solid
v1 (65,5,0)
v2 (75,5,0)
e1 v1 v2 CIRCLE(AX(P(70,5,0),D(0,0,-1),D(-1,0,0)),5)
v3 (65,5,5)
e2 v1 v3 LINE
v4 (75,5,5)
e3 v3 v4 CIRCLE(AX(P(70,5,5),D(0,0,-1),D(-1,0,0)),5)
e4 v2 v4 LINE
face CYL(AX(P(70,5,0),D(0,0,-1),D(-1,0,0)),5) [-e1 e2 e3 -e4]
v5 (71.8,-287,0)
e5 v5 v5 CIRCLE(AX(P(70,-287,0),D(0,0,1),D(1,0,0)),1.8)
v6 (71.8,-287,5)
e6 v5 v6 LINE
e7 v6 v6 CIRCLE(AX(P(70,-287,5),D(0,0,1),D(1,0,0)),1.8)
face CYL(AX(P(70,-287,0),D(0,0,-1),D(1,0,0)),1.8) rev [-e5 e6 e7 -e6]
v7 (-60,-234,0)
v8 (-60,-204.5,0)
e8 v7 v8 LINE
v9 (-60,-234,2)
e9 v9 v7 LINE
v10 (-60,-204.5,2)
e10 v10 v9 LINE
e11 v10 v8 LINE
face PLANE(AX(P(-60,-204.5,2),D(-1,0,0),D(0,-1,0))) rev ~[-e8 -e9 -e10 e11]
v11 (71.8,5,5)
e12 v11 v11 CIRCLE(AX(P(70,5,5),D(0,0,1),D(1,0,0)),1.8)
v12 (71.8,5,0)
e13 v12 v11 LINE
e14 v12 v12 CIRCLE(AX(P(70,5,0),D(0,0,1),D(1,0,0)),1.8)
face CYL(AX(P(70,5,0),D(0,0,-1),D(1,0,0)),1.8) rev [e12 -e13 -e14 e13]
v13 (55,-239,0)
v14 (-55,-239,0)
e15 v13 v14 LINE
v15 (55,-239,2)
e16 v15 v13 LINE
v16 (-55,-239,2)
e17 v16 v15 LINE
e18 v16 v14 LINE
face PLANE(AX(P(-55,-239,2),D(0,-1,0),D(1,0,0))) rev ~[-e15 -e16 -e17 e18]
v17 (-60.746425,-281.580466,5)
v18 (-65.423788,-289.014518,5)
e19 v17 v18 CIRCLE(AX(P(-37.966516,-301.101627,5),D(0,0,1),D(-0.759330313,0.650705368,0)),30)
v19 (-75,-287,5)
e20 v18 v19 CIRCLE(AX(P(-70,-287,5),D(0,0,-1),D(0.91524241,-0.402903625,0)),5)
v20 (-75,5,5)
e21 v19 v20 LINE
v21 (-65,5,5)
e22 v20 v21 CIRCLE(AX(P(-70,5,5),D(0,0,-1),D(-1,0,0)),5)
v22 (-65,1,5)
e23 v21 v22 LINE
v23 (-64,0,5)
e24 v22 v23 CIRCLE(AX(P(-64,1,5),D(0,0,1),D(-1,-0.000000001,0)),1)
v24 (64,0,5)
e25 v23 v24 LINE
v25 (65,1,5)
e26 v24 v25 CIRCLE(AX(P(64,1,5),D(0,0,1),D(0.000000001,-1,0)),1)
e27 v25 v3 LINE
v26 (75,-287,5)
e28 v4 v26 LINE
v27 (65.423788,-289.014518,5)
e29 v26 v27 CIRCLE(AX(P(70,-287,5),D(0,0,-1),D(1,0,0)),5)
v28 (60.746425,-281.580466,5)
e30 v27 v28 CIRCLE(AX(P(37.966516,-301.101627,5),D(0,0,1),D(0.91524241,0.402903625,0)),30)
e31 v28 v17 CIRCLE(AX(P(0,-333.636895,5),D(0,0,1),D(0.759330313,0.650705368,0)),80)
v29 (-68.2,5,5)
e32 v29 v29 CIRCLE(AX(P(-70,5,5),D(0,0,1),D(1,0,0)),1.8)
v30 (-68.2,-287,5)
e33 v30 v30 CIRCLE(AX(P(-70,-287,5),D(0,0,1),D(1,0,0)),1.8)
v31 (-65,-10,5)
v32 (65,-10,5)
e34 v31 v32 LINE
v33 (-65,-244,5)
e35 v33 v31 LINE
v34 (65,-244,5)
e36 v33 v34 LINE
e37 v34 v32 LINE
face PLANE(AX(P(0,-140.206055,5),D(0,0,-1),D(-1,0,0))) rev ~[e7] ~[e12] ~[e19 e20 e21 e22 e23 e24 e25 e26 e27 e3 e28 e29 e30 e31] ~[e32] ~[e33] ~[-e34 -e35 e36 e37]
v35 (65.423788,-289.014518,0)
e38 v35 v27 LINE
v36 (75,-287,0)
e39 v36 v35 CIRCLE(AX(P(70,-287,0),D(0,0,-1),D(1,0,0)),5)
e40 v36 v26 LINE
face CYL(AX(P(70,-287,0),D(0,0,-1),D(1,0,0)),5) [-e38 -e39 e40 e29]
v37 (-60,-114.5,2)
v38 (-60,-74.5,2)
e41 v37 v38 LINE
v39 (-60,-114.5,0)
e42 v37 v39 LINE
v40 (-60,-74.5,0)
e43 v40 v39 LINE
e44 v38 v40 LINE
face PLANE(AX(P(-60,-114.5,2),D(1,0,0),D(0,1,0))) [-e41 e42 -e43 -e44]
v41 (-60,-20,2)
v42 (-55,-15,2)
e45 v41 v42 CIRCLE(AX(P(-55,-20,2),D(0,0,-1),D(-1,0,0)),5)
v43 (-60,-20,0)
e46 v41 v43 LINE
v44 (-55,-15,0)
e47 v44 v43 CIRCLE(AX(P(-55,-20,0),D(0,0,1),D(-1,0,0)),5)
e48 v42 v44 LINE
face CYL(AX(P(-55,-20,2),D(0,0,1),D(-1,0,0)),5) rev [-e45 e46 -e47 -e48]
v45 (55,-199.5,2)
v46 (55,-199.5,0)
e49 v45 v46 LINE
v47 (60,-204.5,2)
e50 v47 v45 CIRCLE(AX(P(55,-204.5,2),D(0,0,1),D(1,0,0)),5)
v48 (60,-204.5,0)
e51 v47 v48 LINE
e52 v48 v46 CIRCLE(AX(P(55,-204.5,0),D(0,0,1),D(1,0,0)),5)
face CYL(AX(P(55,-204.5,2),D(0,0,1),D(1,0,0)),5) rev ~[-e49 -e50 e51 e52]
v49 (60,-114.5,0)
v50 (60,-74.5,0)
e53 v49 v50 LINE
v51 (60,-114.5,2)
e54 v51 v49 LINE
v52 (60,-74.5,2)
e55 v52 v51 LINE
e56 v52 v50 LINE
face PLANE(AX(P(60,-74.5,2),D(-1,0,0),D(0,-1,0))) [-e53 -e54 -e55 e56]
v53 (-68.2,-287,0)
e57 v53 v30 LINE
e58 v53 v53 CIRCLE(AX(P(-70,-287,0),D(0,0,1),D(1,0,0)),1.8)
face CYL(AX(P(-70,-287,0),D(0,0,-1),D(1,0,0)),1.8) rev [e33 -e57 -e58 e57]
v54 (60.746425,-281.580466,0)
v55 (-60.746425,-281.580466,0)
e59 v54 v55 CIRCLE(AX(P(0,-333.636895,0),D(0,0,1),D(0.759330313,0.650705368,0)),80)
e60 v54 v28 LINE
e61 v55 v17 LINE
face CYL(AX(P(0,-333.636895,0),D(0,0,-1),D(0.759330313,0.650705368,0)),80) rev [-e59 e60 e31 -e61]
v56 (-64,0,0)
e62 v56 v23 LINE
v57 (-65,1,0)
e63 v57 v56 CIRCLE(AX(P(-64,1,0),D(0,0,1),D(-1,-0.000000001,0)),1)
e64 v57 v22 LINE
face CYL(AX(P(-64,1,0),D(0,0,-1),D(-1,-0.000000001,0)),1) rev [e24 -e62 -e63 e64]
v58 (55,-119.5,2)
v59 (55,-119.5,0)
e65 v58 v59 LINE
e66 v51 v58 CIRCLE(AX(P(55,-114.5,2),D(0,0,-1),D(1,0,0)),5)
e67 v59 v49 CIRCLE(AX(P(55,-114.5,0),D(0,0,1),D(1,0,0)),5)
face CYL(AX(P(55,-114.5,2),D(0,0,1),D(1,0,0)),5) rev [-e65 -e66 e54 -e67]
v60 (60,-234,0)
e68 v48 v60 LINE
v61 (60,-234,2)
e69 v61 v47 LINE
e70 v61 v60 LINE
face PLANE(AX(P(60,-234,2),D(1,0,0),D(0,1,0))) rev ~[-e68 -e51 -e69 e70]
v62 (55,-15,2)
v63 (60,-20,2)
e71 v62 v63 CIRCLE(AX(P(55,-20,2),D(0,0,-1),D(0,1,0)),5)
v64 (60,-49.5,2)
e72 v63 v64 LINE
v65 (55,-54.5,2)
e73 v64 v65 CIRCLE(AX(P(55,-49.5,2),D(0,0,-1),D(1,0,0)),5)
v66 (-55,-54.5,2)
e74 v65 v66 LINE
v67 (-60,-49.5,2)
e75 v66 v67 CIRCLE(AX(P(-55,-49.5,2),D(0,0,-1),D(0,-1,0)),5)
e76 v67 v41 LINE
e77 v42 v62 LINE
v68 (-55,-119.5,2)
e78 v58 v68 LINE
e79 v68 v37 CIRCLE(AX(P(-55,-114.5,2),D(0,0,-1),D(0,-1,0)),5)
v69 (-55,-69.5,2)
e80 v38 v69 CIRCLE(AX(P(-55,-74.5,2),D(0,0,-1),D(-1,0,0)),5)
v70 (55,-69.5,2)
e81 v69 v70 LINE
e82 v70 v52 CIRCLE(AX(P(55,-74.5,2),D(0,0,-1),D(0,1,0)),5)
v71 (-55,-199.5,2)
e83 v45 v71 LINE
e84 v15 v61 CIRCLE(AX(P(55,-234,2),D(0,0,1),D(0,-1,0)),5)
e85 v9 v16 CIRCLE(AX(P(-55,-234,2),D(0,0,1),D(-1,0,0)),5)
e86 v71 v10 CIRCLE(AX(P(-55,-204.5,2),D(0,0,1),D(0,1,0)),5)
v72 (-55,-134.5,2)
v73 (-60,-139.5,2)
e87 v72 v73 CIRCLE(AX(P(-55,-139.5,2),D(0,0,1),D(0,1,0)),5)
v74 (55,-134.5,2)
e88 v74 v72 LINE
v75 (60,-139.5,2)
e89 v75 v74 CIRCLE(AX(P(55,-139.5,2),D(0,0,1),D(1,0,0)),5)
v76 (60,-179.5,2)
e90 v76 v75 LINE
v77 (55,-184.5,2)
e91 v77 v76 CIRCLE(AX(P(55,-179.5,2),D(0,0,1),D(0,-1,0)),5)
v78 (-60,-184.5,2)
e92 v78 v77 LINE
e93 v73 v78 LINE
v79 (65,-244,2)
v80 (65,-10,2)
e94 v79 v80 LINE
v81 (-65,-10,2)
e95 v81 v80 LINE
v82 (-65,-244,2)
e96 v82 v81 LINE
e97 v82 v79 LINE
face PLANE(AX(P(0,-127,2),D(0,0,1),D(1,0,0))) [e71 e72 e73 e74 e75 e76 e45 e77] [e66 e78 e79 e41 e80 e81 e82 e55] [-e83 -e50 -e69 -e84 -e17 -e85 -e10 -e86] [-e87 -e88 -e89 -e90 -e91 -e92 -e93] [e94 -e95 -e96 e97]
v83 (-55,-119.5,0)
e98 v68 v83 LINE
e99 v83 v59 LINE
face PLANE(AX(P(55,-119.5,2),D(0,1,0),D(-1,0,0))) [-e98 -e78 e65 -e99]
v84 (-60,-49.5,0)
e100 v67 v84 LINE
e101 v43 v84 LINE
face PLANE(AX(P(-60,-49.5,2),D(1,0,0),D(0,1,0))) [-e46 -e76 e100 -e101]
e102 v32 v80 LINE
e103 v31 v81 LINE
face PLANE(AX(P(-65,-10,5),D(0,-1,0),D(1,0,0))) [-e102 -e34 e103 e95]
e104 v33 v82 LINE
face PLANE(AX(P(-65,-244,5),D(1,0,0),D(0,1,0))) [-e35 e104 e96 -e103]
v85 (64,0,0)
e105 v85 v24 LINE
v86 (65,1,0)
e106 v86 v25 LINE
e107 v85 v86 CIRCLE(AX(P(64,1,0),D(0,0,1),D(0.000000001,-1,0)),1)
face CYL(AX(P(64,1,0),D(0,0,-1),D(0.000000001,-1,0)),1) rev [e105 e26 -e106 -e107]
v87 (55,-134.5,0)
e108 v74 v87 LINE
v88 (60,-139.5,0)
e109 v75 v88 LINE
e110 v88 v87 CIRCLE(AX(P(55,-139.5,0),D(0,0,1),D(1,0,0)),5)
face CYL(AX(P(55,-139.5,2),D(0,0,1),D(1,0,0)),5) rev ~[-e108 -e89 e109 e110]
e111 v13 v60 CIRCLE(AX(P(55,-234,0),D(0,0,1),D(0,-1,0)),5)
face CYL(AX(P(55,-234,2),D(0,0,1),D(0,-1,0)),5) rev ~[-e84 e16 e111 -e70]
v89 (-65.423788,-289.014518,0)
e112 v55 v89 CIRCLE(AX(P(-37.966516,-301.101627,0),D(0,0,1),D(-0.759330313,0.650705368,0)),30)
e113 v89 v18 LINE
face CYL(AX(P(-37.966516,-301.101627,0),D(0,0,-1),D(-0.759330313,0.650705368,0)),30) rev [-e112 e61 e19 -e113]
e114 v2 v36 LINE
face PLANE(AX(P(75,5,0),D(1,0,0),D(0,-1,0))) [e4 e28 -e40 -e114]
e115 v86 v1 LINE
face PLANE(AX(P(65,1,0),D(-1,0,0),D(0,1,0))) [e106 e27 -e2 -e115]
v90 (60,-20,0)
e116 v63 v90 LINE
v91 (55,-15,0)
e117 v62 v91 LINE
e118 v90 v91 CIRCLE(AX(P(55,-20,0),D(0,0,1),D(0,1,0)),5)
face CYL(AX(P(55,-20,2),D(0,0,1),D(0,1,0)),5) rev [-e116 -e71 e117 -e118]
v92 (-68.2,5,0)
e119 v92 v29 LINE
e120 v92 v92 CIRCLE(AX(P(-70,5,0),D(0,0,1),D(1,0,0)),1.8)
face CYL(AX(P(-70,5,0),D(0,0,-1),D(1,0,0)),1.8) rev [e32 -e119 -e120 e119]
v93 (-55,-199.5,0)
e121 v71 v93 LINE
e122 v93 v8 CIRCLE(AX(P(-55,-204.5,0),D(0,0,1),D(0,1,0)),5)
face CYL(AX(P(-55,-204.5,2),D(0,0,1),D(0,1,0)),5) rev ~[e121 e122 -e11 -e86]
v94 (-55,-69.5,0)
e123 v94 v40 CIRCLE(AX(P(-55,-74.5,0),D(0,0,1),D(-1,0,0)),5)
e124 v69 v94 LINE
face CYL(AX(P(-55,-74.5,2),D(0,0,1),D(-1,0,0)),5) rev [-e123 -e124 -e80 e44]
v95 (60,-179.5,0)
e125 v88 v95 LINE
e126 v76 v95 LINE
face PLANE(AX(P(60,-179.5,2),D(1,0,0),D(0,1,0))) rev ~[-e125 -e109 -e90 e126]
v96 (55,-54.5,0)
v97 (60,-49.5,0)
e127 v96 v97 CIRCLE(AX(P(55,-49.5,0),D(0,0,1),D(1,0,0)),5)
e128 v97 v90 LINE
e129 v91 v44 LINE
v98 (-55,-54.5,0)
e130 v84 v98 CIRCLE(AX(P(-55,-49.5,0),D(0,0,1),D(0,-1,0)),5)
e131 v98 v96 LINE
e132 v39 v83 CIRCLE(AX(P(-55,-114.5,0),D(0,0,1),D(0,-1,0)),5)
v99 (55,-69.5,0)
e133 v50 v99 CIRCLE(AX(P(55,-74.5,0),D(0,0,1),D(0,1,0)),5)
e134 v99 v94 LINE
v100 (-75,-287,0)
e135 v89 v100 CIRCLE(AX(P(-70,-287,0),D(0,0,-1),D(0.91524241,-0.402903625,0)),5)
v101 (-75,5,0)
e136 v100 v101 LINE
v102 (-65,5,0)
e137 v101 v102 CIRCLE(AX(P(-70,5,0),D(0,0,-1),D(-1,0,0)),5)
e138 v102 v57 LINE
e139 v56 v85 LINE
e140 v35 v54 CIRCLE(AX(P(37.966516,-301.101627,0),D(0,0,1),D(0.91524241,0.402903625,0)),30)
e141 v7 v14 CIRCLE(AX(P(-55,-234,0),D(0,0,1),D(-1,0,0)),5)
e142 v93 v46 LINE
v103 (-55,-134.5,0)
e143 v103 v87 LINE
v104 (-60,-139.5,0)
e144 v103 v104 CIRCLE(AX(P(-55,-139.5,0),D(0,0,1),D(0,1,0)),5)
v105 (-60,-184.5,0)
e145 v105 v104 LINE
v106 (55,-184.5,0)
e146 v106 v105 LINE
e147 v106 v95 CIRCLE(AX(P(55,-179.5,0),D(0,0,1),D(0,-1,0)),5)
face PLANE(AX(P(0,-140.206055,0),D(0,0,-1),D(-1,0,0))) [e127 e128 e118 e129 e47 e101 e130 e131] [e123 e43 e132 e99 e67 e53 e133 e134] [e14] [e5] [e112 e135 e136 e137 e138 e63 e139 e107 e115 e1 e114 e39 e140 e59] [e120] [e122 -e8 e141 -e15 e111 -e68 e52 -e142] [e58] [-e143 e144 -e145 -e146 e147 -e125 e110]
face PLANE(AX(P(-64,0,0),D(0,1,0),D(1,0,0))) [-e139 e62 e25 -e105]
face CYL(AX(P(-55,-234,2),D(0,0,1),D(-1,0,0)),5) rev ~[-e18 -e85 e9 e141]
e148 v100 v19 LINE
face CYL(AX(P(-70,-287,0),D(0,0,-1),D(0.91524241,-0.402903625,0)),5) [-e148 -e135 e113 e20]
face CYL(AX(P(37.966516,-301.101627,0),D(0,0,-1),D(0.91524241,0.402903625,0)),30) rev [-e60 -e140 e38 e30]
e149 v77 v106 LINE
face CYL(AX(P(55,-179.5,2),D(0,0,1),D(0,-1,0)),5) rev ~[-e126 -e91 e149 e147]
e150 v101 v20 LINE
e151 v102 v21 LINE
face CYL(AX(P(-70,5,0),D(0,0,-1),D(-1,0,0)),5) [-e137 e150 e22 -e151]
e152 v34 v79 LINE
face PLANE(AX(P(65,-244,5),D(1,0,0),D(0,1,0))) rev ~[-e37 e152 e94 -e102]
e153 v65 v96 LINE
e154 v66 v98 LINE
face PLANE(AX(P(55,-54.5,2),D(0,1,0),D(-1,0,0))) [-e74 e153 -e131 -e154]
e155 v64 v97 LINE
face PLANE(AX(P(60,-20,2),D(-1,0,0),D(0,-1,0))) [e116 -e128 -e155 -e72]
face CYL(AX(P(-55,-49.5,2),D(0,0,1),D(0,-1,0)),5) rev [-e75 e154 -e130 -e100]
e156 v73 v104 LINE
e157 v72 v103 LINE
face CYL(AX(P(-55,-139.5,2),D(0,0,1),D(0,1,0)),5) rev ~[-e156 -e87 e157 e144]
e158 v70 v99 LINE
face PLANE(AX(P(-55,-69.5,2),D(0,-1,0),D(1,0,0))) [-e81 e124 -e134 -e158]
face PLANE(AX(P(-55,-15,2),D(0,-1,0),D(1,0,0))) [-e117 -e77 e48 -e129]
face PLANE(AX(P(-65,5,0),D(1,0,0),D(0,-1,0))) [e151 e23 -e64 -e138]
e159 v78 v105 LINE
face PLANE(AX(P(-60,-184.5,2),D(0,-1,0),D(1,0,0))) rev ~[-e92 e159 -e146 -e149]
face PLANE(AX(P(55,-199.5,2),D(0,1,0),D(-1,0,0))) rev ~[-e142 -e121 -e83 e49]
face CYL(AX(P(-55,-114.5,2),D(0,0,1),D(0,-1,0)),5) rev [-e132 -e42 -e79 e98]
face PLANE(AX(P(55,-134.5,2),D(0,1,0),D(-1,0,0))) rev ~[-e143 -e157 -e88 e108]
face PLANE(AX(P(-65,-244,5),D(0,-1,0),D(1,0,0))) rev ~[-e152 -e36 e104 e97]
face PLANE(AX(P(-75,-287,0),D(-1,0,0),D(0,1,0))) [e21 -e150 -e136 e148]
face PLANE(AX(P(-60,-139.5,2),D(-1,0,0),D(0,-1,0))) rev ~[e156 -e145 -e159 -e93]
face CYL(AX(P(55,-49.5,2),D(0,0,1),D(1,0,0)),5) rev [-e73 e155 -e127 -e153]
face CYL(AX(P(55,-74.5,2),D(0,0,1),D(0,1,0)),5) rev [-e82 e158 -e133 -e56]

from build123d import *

# Parameters (mm, degrees)
SKETCH_2_R          = 1.8
EXTRUDE_1_DEPTH     = 5
SKETCH_3_W          = 130
SKETCH_3_H          = 234
CUT_EXTRUDE_1_DEPTH = 3
CUT_EXTRUDE_2_DEPTH = 302.492951825


with BuildPart() as part:
    # Эскиз2 → Бобышка-Вытянуть1 (new body)
    with BuildSketch(Plane.XY):
        with BuildLine():
            Line((-65, 5), (-65, 1))
            ThreePointArc((-65, 1), (-64.707106781, 0.292893219), (-64, 0))
            Line((-64, 0), (64, 0))
            ThreePointArc((64, 0), (64.707106781, 0.292893219), (65, 1))
            Line((65, 1), (65, 5))
            ThreePointArc((65, 5), (70, 10), (75, 5))
            Line((75, 5), (75, -287))
            ThreePointArc((75, -287), (71.029305531, -291.892906102), (65.42378795, -289.014518125))
            ThreePointArc((65.42378795, -289.014518125), (63.358638237, -285.125391065), (60.746425043, -281.58046584))
            ThreePointArc((60.746425043, -281.58046584), (0, -253.636895265), (-60.746425043, -281.58046584))
            ThreePointArc((-60.746425043, -281.58046584), (-63.358638237, -285.125391065), (-65.42378795, -289.014518125))
            ThreePointArc((-65.42378795, -289.014518125), (-71.029305531, -291.892906102), (-75, -287))
            Line((-75, -287), (-75, 5))
            ThreePointArc((-75, 5), (-70, 10), (-65, 5))
        make_face()
        with Locations((70, -287)):
            Circle(SKETCH_2_R, mode=Mode.SUBTRACT)
        with Locations((-70, -287)):
            Circle(SKETCH_2_R, mode=Mode.SUBTRACT)
        with Locations((-70, 5)):
            Circle(SKETCH_2_R, mode=Mode.SUBTRACT)
        with Locations((70, 5)):
            Circle(SKETCH_2_R, mode=Mode.SUBTRACT)
    extrude(amount=EXTRUDE_1_DEPTH)

    # Эскиз3 → Вырез-Вытянуть1 (cut)
    with BuildSketch(Plane.XY.offset(5)):
        with Locations((0, -127)):
            Rectangle(SKETCH_3_W, SKETCH_3_H)
    extrude(amount=-CUT_EXTRUDE_1_DEPTH, mode=Mode.SUBTRACT)

    # Эскиз4 → Вырез-Вытянуть2 (cut, through all)
    with BuildSketch(Plane.XY.offset(2)):
        with BuildLine():
            Line((-55, -15), (55, -15))
            ThreePointArc((55, -15), (58.535533906, -16.464466094), (60, -20))
            Line((60, -20), (60, -49.5))
            ThreePointArc((60, -49.5), (58.535533906, -53.035533906), (55, -54.5))
            Line((55, -54.5), (-55, -54.5))
            ThreePointArc((-55, -54.5), (-58.535533906, -53.035533906), (-60, -49.5))
            Line((-60, -49.5), (-60, -20))
            ThreePointArc((-60, -20), (-58.535533906, -16.464466094), (-55, -15))
        make_face()
        with BuildLine():
            Line((-55, -239), (55, -239))
            ThreePointArc((55, -239), (58.535533906, -237.535533906), (60, -234))
            Line((60, -234), (60, -204.5))
            ThreePointArc((60, -204.5), (58.535533906, -200.964466094), (55, -199.5))
            Line((55, -199.5), (-55, -199.5))
            ThreePointArc((-55, -199.5), (-58.535533906, -200.964466094), (-60, -204.5))
            Line((-60, -204.5), (-60, -234))
            ThreePointArc((-60, -234), (-58.535533906, -237.535533906), (-55, -239))
        make_face()
        with BuildLine():
            Line((55, -119.5), (-55, -119.5))
            ThreePointArc((-55, -119.5), (-58.535533906, -118.035533906), (-60, -114.5))
            Line((-60, -114.5), (-60, -74.5))
            ThreePointArc((-60, -74.5), (-58.535533906, -70.964466094), (-55, -69.5))
            Line((-55, -69.5), (55, -69.5))
            ThreePointArc((55, -69.5), (58.535533906, -70.964466094), (60, -74.5))
            Line((60, -74.5), (60, -114.5))
            ThreePointArc((60, -114.5), (58.535533906, -118.035533906), (55, -119.5))
        make_face()
        with BuildLine():
            Line((-60, -139.5), (-60, -184.5))
            Line((-60, -184.5), (55, -184.5))
            ThreePointArc((55, -184.5), (58.535533906, -183.035533906), (60, -179.5))
            Line((60, -179.5), (60, -139.5))
            ThreePointArc((60, -139.5), (58.535533906, -135.964466094), (55, -134.5))
            Line((55, -134.5), (-55, -134.5))
            ThreePointArc((-55, -134.5), (-58.535533906, -135.964466094), (-60, -139.5))
        make_face()
    extrude(amount=-CUT_EXTRUDE_2_DEPTH, mode=Mode.SUBTRACT)


solid = part.part
